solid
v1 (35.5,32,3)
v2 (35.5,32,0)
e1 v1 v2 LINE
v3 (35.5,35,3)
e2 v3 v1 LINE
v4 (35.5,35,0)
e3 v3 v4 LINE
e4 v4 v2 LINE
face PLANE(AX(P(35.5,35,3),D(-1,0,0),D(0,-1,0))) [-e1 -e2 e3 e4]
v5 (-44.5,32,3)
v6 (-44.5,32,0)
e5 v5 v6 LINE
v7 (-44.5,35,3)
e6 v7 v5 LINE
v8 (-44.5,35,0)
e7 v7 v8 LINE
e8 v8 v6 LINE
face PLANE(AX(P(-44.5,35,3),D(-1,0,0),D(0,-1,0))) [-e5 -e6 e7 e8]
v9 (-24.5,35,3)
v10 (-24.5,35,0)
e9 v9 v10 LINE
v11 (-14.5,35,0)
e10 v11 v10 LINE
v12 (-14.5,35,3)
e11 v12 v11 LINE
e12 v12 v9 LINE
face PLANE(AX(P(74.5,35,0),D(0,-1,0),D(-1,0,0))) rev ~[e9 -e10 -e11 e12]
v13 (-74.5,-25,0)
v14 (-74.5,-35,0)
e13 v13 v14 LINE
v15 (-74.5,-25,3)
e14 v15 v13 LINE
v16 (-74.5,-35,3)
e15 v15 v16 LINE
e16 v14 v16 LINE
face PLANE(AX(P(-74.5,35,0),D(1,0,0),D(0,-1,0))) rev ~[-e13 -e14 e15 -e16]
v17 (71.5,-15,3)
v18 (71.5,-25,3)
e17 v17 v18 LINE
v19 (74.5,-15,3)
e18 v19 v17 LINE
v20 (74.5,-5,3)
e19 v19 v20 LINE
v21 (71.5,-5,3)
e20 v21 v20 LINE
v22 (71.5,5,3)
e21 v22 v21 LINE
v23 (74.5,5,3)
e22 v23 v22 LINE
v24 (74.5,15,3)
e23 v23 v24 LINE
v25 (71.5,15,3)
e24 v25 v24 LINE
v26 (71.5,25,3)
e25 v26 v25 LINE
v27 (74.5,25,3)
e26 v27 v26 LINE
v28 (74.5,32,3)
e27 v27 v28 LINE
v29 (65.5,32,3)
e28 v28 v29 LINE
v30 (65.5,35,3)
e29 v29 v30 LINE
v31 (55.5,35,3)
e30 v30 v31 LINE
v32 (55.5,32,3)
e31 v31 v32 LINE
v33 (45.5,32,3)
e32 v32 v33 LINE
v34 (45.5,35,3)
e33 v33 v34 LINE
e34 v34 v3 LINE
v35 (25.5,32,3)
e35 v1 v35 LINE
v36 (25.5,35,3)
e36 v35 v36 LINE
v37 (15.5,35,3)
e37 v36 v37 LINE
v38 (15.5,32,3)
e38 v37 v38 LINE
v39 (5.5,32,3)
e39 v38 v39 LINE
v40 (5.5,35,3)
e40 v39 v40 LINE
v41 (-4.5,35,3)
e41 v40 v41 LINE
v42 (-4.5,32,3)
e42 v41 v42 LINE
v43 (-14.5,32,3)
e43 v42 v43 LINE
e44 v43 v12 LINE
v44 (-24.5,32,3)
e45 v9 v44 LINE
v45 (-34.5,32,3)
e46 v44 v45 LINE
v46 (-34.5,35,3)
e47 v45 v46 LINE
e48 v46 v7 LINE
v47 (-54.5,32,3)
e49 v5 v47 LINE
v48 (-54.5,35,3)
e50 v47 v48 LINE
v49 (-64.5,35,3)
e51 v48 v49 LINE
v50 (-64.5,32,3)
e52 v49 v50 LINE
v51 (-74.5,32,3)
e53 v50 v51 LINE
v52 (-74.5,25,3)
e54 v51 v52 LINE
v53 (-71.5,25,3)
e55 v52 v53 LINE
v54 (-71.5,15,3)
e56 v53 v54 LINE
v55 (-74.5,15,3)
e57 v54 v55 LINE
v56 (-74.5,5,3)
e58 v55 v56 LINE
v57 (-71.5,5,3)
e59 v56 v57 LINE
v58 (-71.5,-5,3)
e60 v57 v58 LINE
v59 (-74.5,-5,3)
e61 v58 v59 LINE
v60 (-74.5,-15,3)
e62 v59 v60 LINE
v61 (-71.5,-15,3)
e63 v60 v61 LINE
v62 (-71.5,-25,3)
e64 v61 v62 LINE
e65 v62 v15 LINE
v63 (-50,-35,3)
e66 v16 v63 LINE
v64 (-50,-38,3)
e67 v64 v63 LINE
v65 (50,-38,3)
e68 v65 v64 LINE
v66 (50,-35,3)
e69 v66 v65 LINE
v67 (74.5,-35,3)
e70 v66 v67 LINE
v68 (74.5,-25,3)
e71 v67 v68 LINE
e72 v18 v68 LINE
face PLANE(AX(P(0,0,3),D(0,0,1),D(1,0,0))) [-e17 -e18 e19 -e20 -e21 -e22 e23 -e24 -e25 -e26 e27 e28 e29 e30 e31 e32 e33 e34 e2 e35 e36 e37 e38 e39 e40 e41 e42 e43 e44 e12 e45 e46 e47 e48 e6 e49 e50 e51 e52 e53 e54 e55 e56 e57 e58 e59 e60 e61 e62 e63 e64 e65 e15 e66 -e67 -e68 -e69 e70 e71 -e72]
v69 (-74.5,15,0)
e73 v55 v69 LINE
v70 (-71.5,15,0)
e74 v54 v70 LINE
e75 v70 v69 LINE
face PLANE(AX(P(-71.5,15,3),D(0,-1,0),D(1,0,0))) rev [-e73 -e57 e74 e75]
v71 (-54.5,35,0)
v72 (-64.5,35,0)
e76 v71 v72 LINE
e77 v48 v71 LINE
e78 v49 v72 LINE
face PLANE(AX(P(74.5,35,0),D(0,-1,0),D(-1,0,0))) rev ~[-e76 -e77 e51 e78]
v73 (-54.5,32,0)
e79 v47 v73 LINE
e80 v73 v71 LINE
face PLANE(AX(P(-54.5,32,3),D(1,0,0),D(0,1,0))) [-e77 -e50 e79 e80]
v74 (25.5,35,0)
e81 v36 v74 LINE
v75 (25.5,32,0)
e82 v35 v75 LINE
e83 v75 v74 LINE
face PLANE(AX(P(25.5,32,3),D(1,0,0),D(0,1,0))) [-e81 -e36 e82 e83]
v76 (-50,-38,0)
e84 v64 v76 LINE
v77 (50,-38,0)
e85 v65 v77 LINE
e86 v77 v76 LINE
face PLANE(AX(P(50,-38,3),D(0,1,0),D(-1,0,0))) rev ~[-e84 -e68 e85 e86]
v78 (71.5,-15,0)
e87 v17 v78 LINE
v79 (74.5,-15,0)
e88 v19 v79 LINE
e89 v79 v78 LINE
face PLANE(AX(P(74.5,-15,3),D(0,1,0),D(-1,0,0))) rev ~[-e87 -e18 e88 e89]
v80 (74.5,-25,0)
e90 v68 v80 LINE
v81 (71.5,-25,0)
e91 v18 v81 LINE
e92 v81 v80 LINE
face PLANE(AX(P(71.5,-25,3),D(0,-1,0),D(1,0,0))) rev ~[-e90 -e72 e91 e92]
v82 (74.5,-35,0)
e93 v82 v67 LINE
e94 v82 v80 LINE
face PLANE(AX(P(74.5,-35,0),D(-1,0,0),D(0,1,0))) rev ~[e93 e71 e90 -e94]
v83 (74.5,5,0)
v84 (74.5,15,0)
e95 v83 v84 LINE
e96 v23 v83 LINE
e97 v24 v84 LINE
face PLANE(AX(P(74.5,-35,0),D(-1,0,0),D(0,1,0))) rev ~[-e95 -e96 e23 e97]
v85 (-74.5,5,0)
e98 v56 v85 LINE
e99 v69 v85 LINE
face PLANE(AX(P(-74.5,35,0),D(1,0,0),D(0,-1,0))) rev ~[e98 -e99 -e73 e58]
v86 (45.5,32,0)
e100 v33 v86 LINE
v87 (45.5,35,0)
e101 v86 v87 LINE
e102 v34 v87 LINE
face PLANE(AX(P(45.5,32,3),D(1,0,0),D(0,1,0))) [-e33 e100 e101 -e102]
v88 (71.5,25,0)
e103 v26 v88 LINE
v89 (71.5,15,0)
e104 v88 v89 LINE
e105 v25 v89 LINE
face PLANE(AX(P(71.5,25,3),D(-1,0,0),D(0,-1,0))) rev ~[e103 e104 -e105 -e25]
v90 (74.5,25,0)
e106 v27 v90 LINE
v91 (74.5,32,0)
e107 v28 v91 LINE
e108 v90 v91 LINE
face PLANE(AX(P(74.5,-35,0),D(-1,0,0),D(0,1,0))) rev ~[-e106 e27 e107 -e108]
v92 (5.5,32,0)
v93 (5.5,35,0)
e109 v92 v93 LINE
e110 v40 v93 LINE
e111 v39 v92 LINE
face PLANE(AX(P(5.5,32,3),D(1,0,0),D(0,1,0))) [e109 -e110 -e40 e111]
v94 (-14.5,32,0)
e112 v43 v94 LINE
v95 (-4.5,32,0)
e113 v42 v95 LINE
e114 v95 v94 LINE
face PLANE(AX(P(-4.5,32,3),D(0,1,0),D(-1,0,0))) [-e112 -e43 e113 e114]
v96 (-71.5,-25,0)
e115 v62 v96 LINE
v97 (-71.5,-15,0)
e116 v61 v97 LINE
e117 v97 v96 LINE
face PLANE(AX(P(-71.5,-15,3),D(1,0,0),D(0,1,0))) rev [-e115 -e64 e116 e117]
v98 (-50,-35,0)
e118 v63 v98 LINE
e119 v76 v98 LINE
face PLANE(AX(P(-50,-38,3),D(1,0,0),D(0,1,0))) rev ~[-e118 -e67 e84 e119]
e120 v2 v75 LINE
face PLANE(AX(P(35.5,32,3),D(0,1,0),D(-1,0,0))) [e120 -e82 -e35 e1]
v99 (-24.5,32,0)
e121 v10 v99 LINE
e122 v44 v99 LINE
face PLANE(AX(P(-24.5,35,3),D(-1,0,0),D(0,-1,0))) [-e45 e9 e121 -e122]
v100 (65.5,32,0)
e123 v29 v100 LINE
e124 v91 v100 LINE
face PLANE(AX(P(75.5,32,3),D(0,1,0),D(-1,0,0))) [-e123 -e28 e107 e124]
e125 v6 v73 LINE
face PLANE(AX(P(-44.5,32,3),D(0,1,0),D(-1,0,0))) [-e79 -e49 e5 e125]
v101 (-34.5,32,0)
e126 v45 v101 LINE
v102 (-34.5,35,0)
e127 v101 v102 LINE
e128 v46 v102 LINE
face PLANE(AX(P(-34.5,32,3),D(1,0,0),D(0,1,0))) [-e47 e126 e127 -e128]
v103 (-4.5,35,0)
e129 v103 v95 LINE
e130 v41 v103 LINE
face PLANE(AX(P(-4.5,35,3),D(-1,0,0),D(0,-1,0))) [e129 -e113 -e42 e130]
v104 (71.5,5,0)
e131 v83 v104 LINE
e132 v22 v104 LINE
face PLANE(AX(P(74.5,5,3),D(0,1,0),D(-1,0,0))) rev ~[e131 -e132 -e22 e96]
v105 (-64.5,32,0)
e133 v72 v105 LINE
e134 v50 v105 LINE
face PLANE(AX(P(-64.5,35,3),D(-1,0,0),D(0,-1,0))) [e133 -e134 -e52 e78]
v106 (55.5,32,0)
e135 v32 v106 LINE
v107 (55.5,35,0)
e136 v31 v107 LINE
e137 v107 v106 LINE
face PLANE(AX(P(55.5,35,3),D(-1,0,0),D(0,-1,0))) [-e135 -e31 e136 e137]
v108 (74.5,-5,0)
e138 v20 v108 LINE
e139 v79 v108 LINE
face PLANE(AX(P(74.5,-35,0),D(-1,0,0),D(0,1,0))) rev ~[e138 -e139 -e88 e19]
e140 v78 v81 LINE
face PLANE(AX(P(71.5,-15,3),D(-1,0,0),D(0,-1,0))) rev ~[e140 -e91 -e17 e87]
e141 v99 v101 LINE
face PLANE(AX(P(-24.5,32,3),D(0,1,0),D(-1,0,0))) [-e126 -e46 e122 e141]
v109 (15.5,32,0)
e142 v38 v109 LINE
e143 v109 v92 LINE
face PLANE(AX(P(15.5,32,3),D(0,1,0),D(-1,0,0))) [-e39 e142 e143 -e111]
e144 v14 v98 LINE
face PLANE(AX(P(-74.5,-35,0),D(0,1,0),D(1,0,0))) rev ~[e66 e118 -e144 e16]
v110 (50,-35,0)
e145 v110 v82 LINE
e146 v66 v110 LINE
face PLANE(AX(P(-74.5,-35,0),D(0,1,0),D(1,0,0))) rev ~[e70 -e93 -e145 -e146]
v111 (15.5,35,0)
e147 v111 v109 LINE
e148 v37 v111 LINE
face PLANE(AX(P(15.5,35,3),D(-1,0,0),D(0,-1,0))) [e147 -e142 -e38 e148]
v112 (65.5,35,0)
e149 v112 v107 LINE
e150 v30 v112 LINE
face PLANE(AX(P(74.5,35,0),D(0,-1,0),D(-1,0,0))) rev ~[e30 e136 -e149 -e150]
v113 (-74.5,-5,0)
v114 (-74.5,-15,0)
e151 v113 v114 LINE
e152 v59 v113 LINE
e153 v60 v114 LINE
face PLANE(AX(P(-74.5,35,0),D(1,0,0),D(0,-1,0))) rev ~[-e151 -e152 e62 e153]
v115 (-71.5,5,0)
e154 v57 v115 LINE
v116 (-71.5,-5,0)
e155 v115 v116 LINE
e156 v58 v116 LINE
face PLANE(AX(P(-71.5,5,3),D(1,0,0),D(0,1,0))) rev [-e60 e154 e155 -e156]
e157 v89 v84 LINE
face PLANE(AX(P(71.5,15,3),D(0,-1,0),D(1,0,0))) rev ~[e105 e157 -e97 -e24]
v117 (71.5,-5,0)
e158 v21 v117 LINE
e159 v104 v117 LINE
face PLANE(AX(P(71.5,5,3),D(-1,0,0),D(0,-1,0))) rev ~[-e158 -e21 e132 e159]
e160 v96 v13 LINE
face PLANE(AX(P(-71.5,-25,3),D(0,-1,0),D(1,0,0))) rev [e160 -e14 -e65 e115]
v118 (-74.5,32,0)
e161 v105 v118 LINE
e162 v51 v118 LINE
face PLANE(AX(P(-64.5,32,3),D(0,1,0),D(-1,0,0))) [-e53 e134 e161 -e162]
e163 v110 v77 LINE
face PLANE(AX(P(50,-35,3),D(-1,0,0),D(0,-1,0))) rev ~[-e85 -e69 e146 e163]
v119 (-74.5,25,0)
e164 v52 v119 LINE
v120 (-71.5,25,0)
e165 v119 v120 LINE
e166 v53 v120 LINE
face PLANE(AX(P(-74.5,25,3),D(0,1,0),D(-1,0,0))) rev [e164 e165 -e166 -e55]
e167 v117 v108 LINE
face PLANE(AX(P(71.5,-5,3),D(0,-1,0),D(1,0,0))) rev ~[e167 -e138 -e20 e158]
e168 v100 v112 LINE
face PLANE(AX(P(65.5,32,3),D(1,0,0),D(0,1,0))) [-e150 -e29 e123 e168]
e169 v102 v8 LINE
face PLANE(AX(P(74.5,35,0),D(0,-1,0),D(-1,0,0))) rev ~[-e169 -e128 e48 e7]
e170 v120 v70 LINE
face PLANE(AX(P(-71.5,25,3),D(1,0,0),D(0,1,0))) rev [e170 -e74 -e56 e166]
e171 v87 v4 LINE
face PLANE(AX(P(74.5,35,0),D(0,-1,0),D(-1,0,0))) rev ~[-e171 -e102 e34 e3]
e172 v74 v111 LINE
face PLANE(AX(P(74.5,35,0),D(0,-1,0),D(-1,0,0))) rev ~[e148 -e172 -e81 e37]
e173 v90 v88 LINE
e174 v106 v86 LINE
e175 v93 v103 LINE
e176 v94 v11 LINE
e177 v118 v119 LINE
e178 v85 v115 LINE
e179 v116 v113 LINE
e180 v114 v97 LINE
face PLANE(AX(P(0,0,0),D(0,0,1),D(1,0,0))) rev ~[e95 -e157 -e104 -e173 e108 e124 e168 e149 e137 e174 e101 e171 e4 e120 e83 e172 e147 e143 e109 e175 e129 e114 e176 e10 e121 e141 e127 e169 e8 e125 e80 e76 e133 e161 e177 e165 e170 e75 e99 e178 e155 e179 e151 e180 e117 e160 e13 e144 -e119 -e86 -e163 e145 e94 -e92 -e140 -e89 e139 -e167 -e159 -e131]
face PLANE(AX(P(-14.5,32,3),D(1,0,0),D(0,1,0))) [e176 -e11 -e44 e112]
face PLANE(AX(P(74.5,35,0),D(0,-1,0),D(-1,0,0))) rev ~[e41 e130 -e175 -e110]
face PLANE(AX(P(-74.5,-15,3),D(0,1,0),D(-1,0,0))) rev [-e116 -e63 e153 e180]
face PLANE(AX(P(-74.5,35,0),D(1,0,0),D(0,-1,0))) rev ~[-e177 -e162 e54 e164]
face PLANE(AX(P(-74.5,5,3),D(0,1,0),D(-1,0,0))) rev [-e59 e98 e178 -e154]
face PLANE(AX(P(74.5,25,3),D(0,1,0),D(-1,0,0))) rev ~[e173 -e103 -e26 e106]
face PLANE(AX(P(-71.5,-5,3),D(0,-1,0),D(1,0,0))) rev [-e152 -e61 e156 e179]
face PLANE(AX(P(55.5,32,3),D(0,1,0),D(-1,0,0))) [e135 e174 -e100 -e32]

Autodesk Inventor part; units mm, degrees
ref_plane "YZ Plane" through (0, 0, 0) normal (1, 0, 0) x (0, 1, 0)
ref_plane "XZ Plane" through (0, 0, 0) normal (0, 1, 0) x (-1, 0, 0)
ref_plane "XY Plane" through (0, 0, 0) normal (0, 0, 1) x (1, 0, 0)
sketch "Эскиз1" plane through (0, 0, 0) normal (0, 0, 1) x (1, 0, 0)
  line L0 (-74.5, -35) -> (74.5, -35)
  line L1 (74.5, -35) -> (74.5, 35)
  line L2 (74.5, 35) -> (-74.5, 35)
  line L3 (-74.5, 35) -> (-74.5, -35)
  line L4 (-74.5, -35) -> (74.5, 35) construction
  line L5 (74.5, -35) -> (-74.5, 35) construction
  point P0 (0, 0)
  dimension "d0" = 149
  dimension "d1" = 70
extrude "Выдавливание1" add sketch "Эскиз1" along normal blind 3
sketch "Эскиз2" plane through (0, 0, 3) normal (0, 0, 1) x (1, 0, 0)
  line L0 (74.5, -35) -> (74.5, 35) projected
  line L1 (74.5, 25) -> (71.5, 25)
  line L2 (71.5, 25) -> (71.5, 15)
  line L3 (71.5, 15) -> (74.5, 15)
  line L4 (74.5, 15) -> (74.5, 25)
  line L5 (74.5, 35) -> (-74.5, 35) projected
  point P0 (0, 0)
  dimension "d4" = 3
  dimension "d5" = 10
  dimension "d6" = 10
extrude "Выдавливание2" cut sketch "Эскиз2" against normal blind 3
pattern_linear "Прямоуг.массив1" count 3 spacing 20 along (0, -1, 0) of "Выдавливание2"
mirror "Зеркальное отражение1" about plane through (0, 0, 0) normal (1, 0, 0) of "Выдавливание2", "Прямоуг.массив1"
sketch "Эскиз3" plane through (0, 0, 3) normal (0, 0, 1) x (1, 0, 0)
  line L0 (-74.5, -35) -> (74.5, -35) projected
  line L1 (-50, -35) -> (50, -35)
  line L2 (50, -35) -> (50, -38)
  line L3 (50, -38) -> (-50, -38)
  line L4 (-50, -38) -> (-50, -35)
  line L5 (0, 0) -> (0, -8.2609)
  line L6 (-74.5, -25) -> (-74.5, -35) projected
  dimension "d12" = 3
  dimension "d13" = 24.5
extrude "Выдавливание3" add sketch "Эскиз3" against normal blind 3
sketch "Эскиз4" plane through (0, 0, 3) normal (0, 0, 1) x (1, 0, 0)
  line L0 (74.5, 35) -> (-74.5, 35) projected
  line L1 (-74.5, 35) -> (-64.5, 35)
  line L2 (-64.5, 35) -> (-64.5, 32)
  line L3 (-64.5, 32) -> (-74.5, 32)
  line L4 (-74.5, 32) -> (-74.5, 35)
  line L5 (-74.5, 35) -> (-74.5, 25) projected
  point P0 (0, 0)
  point P1 (-64.5, 35)
  dimension "d16" = 10
  dimension "d17" = 3
  dimension "d18" = 0
extrude "Выдавливание4" cut sketch "Эскиз4" against normal blind 3
pattern_linear "Прямоуг.массив2" count 8 spacing 20 along (1, 0, 0) of "Выдавливание4"
properties part number "000.104 - Back wall"
